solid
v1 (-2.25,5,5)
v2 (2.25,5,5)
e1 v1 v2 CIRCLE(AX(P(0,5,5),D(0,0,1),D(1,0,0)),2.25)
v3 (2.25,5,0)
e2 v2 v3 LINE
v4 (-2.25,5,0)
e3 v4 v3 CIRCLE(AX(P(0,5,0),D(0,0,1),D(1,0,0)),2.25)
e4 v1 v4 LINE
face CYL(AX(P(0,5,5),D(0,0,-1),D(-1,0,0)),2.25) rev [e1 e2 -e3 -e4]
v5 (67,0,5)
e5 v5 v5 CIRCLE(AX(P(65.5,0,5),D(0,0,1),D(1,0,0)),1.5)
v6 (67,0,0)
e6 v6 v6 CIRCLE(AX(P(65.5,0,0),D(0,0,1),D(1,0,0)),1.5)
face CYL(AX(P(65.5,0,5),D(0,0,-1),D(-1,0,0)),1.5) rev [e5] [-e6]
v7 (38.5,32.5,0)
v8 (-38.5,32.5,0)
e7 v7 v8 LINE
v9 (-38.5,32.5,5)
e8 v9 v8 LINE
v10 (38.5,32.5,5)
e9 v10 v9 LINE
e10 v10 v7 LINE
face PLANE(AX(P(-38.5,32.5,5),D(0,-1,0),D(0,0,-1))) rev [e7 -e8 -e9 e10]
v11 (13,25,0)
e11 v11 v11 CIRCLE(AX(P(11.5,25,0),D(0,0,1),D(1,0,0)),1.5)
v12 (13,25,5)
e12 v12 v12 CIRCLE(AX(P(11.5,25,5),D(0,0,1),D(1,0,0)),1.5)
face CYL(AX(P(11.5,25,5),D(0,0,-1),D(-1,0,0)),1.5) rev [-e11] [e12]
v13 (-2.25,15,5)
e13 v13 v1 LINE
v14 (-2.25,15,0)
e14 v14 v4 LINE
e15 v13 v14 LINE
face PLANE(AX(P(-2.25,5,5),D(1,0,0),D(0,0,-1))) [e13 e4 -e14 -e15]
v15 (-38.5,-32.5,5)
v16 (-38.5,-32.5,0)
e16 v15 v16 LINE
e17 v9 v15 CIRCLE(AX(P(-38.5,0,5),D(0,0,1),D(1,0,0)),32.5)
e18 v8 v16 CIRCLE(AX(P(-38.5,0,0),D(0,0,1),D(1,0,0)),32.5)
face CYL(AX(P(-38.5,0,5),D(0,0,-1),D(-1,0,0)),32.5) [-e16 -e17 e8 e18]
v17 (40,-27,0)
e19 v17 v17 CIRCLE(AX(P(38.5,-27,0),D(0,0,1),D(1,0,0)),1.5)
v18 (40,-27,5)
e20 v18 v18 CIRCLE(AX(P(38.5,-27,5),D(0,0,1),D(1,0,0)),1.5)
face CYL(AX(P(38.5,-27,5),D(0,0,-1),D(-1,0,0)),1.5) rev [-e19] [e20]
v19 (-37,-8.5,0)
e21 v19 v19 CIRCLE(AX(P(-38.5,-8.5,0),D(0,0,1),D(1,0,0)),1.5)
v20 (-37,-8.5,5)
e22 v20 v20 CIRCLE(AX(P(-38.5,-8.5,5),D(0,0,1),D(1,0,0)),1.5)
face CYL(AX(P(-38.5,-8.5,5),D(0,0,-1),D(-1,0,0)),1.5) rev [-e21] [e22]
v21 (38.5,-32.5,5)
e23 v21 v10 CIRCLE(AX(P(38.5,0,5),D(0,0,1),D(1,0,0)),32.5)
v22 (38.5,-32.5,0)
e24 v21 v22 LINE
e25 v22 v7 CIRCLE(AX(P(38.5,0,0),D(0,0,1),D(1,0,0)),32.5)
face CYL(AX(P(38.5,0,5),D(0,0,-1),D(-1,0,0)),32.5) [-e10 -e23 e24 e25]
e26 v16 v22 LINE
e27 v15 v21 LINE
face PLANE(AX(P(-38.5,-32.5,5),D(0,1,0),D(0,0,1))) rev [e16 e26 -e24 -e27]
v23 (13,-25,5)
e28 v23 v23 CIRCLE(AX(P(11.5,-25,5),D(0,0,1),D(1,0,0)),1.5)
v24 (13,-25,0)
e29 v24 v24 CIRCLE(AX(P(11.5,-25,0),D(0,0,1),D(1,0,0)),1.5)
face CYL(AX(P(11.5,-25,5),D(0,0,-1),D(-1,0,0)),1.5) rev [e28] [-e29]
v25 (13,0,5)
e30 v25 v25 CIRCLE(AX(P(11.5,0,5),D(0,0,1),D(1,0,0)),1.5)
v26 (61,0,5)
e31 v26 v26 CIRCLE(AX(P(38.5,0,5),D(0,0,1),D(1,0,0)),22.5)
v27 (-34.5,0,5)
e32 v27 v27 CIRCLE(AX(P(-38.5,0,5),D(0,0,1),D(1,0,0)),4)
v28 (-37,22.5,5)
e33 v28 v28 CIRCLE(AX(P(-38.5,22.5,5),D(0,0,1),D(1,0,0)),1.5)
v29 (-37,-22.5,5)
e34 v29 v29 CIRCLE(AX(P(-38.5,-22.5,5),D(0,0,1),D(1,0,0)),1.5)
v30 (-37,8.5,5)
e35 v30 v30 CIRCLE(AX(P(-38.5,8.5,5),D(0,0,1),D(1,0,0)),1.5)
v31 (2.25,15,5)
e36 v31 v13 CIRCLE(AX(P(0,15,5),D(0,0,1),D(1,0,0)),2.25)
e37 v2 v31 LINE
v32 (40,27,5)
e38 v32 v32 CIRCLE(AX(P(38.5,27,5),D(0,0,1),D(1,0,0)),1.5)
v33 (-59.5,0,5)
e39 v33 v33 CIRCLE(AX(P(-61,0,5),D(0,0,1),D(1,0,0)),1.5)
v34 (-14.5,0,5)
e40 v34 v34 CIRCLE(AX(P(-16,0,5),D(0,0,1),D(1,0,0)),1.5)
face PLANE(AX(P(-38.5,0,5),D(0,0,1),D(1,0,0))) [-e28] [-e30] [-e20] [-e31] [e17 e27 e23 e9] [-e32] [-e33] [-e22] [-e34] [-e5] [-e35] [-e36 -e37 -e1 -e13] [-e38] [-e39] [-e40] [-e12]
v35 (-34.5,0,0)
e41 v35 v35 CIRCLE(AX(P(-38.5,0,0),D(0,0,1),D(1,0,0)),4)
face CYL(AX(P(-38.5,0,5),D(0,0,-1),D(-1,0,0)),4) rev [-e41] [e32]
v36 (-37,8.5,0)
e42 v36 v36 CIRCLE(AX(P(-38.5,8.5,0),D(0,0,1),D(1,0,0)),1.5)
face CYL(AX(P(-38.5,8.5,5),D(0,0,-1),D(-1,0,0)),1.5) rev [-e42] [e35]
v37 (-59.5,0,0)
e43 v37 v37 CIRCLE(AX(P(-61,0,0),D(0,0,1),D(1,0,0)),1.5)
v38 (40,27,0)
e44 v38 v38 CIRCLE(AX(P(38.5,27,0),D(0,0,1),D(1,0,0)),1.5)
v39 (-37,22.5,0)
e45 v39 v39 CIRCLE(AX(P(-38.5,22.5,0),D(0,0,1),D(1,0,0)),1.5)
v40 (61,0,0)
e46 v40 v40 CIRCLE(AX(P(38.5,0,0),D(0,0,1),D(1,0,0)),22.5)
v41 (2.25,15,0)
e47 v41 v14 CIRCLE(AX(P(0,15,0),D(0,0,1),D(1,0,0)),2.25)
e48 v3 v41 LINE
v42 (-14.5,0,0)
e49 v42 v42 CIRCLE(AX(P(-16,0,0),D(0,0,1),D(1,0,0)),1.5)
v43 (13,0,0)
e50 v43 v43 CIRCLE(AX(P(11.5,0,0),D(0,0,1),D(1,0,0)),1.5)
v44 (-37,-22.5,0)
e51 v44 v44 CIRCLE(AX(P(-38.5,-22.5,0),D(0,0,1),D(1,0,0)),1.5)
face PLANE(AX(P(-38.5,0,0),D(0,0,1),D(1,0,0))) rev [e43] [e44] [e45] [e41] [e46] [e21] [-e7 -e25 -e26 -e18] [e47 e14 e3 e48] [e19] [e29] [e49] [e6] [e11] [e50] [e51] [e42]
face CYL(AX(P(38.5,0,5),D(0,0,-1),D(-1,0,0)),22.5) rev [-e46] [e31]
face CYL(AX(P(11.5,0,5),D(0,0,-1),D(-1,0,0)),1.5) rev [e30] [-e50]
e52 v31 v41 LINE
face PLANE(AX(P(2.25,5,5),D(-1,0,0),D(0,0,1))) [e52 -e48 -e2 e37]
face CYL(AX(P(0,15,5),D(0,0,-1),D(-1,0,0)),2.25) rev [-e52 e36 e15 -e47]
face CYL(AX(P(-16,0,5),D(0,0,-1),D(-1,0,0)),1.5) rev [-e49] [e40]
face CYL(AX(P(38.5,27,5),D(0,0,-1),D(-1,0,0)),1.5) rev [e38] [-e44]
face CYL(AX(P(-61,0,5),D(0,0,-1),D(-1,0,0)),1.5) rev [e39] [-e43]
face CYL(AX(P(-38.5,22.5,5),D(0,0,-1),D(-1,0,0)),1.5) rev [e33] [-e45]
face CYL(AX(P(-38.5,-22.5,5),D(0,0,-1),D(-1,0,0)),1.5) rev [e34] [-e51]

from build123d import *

# Parameters (mm, degrees)
SKETCH1_R           = 4
SKETCH1_R_2         = 22.5
SKETCH1_R_3         = 1.5
BOSS_EXTRUDE1_DEPTH = 5


with BuildPart() as part:
    # Sketch1 → Boss-Extrude1 (new body)
    with BuildSketch(Plane.XY):
        with BuildLine():
            Line((-38.5, 32.5), (38.5, 32.5))
            ThreePointArc((38.5, 32.5), (71, 0), (38.5, -32.5))
            Line((38.5, -32.5), (-38.5, -32.5))
            ThreePointArc((-38.5, -32.5), (-71, 0), (-38.5, 32.5))
        make_face()
        with Locations((-38.5, 0)):
            Circle(SKETCH1_R, mode=Mode.SUBTRACT)
        with Locations((38.5, 0)):
            Circle(SKETCH1_R_2, mode=Mode.SUBTRACT)
        with Locations((-38.5, 22.5)):
            Circle(SKETCH1_R_3, mode=Mode.SUBTRACT)
        with Locations((-16, 0)):
            Circle(SKETCH1_R_3, mode=Mode.SUBTRACT)
        with Locations((-38.5, -22.5)):
            Circle(SKETCH1_R_3, mode=Mode.SUBTRACT)
        with Locations((-61, 0)):
            Circle(SKETCH1_R_3, mode=Mode.SUBTRACT)
        with Locations((11.5, 0)):
            Circle(SKETCH1_R_3, mode=Mode.SUBTRACT)
        with Locations((11.5, -25)):
            Circle(SKETCH1_R_3, mode=Mode.SUBTRACT)
        with Locations((11.5, 25)):
            Circle(SKETCH1_R_3, mode=Mode.SUBTRACT)
        with Locations((65.5, 0)):
            Circle(SKETCH1_R_3, mode=Mode.SUBTRACT)
        with Locations((-38.5, 8.5)):
            Circle(SKETCH1_R_3, mode=Mode.SUBTRACT)
        with Locations((-38.5, -8.5)):
            Circle(SKETCH1_R_3, mode=Mode.SUBTRACT)
        with Locations((38.5, 27)):
            Circle(SKETCH1_R_3, mode=Mode.SUBTRACT)
        with Locations((38.5, -27)):
            Circle(SKETCH1_R_3, mode=Mode.SUBTRACT)
        with BuildLine():
            Line((-2.25, 5), (-2.25, 15))
            ThreePointArc((-2.25, 15), (0, 17.25), (2.25, 15))
            Line((2.25, 15), (2.25, 5))
            ThreePointArc((2.25, 5), (0, 2.75), (-2.25, 5))
        make_face(mode=Mode.SUBTRACT)
    extrude(amount=BOSS_EXTRUDE1_DEPTH)


solid = part.part
